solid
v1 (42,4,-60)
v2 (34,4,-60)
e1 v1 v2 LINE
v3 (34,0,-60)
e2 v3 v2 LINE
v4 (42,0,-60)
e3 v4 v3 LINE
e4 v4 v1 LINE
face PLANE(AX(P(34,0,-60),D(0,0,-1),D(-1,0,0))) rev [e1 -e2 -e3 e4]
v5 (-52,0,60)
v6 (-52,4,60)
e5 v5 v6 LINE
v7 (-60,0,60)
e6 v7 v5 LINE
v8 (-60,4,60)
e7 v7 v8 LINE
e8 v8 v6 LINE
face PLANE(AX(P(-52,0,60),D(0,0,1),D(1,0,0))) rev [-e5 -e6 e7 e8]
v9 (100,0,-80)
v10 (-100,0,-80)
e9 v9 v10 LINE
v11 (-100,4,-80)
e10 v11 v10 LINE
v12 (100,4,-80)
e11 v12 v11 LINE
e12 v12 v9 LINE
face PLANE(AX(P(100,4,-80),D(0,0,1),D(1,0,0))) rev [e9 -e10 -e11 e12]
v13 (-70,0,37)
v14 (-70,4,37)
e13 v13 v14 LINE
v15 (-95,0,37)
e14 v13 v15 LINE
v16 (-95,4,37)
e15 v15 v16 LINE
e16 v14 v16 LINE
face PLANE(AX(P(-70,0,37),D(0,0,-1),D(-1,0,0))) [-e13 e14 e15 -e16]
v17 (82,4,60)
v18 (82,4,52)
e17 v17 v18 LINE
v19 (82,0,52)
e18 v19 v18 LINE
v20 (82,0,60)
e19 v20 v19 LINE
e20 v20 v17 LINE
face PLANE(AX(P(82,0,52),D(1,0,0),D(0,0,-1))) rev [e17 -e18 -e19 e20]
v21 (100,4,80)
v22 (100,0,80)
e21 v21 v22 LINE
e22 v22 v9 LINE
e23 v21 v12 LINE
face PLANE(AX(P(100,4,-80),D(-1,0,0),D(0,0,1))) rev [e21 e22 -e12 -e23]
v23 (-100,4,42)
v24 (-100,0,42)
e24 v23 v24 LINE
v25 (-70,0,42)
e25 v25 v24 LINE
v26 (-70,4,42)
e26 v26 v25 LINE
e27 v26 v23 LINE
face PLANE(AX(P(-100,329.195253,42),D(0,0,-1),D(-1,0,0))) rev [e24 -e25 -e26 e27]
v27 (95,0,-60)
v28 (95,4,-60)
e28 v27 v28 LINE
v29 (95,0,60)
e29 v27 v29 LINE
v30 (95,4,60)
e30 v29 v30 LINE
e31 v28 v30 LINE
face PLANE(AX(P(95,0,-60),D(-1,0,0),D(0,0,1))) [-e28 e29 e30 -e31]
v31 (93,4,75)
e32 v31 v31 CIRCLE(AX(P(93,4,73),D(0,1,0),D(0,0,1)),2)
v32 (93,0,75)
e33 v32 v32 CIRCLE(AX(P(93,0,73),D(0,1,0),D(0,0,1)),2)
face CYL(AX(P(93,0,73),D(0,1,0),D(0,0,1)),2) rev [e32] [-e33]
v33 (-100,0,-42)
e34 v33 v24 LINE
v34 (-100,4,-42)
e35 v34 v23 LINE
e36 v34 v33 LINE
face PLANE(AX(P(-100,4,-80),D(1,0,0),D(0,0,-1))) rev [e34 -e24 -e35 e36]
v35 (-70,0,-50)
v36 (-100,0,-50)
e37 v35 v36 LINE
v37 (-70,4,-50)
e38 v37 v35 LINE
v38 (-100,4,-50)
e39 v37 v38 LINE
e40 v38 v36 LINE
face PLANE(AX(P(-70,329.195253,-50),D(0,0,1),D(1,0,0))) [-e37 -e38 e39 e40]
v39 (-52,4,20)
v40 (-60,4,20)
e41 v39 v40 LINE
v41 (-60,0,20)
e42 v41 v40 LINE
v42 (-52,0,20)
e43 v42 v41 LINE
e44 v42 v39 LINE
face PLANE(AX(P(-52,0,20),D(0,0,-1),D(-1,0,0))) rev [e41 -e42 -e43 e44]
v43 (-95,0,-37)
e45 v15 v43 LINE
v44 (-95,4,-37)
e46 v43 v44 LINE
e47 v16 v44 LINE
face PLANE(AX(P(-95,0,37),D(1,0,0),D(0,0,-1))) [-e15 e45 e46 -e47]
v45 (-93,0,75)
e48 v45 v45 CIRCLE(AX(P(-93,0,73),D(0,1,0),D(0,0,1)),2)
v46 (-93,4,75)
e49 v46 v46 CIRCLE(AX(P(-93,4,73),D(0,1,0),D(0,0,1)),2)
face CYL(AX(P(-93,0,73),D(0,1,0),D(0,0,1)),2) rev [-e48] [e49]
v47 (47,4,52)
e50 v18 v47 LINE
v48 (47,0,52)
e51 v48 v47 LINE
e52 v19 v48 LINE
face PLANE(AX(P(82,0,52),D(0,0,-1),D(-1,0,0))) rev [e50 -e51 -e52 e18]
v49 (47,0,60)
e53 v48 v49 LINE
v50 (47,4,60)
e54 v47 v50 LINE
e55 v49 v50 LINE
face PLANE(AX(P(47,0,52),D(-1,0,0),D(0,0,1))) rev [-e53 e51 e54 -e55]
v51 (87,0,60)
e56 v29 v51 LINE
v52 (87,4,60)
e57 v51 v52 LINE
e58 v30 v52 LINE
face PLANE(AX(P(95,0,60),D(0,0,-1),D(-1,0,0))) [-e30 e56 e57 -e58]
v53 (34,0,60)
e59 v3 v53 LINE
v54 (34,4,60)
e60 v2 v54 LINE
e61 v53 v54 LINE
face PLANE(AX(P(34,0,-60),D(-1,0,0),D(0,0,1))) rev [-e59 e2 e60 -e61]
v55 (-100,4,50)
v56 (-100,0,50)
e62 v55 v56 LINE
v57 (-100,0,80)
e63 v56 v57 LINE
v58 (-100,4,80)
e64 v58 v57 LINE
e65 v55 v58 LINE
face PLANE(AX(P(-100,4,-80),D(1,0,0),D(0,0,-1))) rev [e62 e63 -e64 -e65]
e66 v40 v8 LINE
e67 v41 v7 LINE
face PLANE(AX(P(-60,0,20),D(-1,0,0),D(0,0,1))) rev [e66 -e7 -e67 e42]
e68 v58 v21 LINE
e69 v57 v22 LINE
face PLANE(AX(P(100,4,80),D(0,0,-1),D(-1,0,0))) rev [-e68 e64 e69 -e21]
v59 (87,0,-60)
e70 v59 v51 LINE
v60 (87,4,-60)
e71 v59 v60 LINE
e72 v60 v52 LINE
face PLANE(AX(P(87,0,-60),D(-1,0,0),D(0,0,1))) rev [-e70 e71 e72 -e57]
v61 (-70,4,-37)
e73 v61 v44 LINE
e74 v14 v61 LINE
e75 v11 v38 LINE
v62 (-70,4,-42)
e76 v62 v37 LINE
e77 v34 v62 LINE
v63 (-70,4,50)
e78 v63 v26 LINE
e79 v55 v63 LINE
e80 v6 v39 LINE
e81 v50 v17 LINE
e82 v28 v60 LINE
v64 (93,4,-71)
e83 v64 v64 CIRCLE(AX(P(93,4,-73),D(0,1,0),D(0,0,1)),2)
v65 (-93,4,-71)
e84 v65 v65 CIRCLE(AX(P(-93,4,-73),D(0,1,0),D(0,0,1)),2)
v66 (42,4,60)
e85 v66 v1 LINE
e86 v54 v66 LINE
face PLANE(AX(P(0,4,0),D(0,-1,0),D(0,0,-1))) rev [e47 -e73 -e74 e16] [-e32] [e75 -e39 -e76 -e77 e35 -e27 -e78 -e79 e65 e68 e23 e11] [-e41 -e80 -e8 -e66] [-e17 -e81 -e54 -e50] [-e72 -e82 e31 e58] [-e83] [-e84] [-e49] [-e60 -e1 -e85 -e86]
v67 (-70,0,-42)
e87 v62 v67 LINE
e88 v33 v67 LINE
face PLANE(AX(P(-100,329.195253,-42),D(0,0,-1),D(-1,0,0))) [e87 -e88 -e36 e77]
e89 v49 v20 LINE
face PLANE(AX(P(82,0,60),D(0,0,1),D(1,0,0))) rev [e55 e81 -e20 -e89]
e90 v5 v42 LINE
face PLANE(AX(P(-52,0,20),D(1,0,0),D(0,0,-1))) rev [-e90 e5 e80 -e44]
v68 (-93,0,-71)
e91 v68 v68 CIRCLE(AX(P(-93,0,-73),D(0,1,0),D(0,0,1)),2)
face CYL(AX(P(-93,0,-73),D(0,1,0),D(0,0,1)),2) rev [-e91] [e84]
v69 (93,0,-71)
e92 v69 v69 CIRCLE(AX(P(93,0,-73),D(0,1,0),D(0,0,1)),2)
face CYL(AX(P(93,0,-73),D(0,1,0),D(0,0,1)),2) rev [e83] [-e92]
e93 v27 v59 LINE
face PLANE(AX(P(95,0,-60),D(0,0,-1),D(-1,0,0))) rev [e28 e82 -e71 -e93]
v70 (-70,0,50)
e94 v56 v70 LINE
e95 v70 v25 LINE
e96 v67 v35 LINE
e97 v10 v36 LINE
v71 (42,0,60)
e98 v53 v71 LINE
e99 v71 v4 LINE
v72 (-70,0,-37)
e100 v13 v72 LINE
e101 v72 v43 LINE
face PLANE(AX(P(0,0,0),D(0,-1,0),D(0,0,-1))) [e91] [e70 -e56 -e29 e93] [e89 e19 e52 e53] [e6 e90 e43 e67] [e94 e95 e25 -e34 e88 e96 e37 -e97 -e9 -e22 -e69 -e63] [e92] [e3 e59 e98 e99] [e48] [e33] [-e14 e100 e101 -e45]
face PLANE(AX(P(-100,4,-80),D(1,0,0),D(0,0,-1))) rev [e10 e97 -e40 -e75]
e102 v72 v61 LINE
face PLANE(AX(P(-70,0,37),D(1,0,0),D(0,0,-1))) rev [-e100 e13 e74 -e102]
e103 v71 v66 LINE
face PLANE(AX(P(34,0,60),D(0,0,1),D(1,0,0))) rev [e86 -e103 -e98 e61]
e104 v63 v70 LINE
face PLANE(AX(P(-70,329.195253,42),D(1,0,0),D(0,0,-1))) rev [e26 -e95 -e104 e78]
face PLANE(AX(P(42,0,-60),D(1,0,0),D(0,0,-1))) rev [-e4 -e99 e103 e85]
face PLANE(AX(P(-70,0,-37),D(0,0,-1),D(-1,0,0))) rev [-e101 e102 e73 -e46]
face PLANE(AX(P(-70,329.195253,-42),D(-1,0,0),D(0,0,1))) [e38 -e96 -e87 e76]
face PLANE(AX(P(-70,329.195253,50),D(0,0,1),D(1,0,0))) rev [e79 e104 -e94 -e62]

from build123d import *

# Parameters (mm, degrees)
SKETCH3_W               = 200
SKETCH3_H               = 160
BOSS_EXTRUDE1_DEPTH     = 4
SKETCH4_R               = 2
CUT_EXTRUDE1_DEPTH      = 129.124939024
CUT_EXTRUDE3_DEPTH      = 129.124939024
CUT_EXTRUDE3_DEPTH_BACK = 129.124939024
SKETCH5_W               = 30
SKETCH5_H               = 8
SKETCH7_W               = 25
SKETCH7_H               = 74
CUT_EXTRUDE4_DEPTH      = 129.124939024
CUT_EXTRUDE6_DEPTH      = 129.124939024
CUT_EXTRUDE6_DEPTH_BACK = 4
SKETCH12_W              = 8
SKETCH12_H              = 120
CUT_EXTRUDE8_DEPTH      = 129.124939024
SKETCH14_W              = 8
SKETCH14_H              = 120
CUT_EXTRUDE9_DEPTH      = 129.124939024
SKETCH15_W              = 8
SKETCH15_H              = 40
CUT_EXTRUDE10_DEPTH     = 129.124939024
SKETCH16_W              = 35
SKETCH16_H              = 8
CUT_EXTRUDE11_DEPTH     = 129.124939024


with BuildPart() as part:
    # Sketch3 → Boss-Extrude1 (new body)
    with BuildSketch(Plane(origin=(0, 0, 0), x_dir=(1, 0, 0), z_dir=(0, 1, 0))):
        Rectangle(SKETCH3_W, SKETCH3_H)
    extrude(amount=BOSS_EXTRUDE1_DEPTH)

    # Sketch4 → Cut-Extrude1 (cut, through all)
    with BuildSketch(Plane(origin=(0, 4, 0), x_dir=(1, 0, 0), z_dir=(0, 1, 0))):
        with Locations(Location((-93, 73, 0), (0, 0, 270))):
            Circle(SKETCH4_R)
        with Locations(Location((93, 73, 0), (0, 0, 270))):
            Circle(SKETCH4_R)
        with Locations(Location((-93, -73, 0), (0, 0, 270))):
            Circle(SKETCH4_R)
        with Locations(Location((93, -73, 0), (0, 0, 270))):
            Circle(SKETCH4_R)
    extrude(amount=-CUT_EXTRUDE1_DEPTH, mode=Mode.SUBTRACT)

    # Sketch5 → Cut-Extrude3 (cut, two sides: drawn at the far end of the back side and taken through both)
    with BuildSketch(Plane(origin=(0, 4, 0), x_dir=(1, 0, 0), z_dir=(0, 1, 0)).offset(-CUT_EXTRUDE3_DEPTH_BACK)):
        with Locations((-85, 46)):
            Rectangle(SKETCH5_W, SKETCH5_H)
    extrude(amount=CUT_EXTRUDE3_DEPTH + CUT_EXTRUDE3_DEPTH_BACK, mode=Mode.SUBTRACT)

    # Sketch7 → Cut-Extrude4 (cut, through all)
    with BuildSketch(Plane(origin=(0, 4, 0), x_dir=(1, 0, 0), z_dir=(0, 1, 0))):
        with Locations((-82.5, 0)):
            Rectangle(SKETCH7_W, SKETCH7_H)
    extrude(amount=-CUT_EXTRUDE4_DEPTH, mode=Mode.SUBTRACT)

    # Sketch11 → Cut-Extrude6 (cut, two sides: drawn at the far end of the back side and taken through both)
    with BuildSketch(Plane(origin=(0, 4, 0), x_dir=(1, 0, 0), z_dir=(0, 1, 0)).offset(-CUT_EXTRUDE6_DEPTH_BACK)):
        Polygon((-587.074417675, -42), (-100, -42), (-70, -42), (-70, -50), (-100, -50), (-587.074417675, -50), (-1561.223253025, -50), (-1561.223253025, -42), align=None)
    extrude(amount=CUT_EXTRUDE6_DEPTH + CUT_EXTRUDE6_DEPTH_BACK, mode=Mode.SUBTRACT)

    # Sketch12 → Cut-Extrude8 (cut, through all)
    with BuildSketch(Plane(origin=(0, 4, 0), x_dir=(1, 0, 0), z_dir=(0, 1, 0))):
        with Locations((91, 0)):
            Rectangle(SKETCH12_W, SKETCH12_H)
    extrude(amount=-CUT_EXTRUDE8_DEPTH, mode=Mode.SUBTRACT)

    # Sketch14 → Cut-Extrude9 (cut, through all)
    with BuildSketch(Plane(origin=(0, 4, 0), x_dir=(1, 0, 0), z_dir=(0, 1, 0))):
        with Locations((38, 0)):
            Rectangle(SKETCH14_W, SKETCH14_H)
    extrude(amount=-CUT_EXTRUDE9_DEPTH, mode=Mode.SUBTRACT)

    # Sketch15 → Cut-Extrude10 (cut, through all)
    with BuildSketch(Plane(origin=(0, 4, 0), x_dir=(1, 0, 0), z_dir=(0, 1, 0))):
        with Locations((-56, -40)):
            Rectangle(SKETCH15_W, SKETCH15_H)
    extrude(amount=-CUT_EXTRUDE10_DEPTH, mode=Mode.SUBTRACT)

    # Sketch16 → Cut-Extrude11 (cut, through all)
    with BuildSketch(Plane(origin=(0, 4, 0), x_dir=(1, 0, 0), z_dir=(0, 1, 0))):
        with Locations((64.5, -56)):
            Rectangle(SKETCH16_W, SKETCH16_H)
    extrude(amount=-CUT_EXTRUDE11_DEPTH, mode=Mode.SUBTRACT)


solid = part.part
